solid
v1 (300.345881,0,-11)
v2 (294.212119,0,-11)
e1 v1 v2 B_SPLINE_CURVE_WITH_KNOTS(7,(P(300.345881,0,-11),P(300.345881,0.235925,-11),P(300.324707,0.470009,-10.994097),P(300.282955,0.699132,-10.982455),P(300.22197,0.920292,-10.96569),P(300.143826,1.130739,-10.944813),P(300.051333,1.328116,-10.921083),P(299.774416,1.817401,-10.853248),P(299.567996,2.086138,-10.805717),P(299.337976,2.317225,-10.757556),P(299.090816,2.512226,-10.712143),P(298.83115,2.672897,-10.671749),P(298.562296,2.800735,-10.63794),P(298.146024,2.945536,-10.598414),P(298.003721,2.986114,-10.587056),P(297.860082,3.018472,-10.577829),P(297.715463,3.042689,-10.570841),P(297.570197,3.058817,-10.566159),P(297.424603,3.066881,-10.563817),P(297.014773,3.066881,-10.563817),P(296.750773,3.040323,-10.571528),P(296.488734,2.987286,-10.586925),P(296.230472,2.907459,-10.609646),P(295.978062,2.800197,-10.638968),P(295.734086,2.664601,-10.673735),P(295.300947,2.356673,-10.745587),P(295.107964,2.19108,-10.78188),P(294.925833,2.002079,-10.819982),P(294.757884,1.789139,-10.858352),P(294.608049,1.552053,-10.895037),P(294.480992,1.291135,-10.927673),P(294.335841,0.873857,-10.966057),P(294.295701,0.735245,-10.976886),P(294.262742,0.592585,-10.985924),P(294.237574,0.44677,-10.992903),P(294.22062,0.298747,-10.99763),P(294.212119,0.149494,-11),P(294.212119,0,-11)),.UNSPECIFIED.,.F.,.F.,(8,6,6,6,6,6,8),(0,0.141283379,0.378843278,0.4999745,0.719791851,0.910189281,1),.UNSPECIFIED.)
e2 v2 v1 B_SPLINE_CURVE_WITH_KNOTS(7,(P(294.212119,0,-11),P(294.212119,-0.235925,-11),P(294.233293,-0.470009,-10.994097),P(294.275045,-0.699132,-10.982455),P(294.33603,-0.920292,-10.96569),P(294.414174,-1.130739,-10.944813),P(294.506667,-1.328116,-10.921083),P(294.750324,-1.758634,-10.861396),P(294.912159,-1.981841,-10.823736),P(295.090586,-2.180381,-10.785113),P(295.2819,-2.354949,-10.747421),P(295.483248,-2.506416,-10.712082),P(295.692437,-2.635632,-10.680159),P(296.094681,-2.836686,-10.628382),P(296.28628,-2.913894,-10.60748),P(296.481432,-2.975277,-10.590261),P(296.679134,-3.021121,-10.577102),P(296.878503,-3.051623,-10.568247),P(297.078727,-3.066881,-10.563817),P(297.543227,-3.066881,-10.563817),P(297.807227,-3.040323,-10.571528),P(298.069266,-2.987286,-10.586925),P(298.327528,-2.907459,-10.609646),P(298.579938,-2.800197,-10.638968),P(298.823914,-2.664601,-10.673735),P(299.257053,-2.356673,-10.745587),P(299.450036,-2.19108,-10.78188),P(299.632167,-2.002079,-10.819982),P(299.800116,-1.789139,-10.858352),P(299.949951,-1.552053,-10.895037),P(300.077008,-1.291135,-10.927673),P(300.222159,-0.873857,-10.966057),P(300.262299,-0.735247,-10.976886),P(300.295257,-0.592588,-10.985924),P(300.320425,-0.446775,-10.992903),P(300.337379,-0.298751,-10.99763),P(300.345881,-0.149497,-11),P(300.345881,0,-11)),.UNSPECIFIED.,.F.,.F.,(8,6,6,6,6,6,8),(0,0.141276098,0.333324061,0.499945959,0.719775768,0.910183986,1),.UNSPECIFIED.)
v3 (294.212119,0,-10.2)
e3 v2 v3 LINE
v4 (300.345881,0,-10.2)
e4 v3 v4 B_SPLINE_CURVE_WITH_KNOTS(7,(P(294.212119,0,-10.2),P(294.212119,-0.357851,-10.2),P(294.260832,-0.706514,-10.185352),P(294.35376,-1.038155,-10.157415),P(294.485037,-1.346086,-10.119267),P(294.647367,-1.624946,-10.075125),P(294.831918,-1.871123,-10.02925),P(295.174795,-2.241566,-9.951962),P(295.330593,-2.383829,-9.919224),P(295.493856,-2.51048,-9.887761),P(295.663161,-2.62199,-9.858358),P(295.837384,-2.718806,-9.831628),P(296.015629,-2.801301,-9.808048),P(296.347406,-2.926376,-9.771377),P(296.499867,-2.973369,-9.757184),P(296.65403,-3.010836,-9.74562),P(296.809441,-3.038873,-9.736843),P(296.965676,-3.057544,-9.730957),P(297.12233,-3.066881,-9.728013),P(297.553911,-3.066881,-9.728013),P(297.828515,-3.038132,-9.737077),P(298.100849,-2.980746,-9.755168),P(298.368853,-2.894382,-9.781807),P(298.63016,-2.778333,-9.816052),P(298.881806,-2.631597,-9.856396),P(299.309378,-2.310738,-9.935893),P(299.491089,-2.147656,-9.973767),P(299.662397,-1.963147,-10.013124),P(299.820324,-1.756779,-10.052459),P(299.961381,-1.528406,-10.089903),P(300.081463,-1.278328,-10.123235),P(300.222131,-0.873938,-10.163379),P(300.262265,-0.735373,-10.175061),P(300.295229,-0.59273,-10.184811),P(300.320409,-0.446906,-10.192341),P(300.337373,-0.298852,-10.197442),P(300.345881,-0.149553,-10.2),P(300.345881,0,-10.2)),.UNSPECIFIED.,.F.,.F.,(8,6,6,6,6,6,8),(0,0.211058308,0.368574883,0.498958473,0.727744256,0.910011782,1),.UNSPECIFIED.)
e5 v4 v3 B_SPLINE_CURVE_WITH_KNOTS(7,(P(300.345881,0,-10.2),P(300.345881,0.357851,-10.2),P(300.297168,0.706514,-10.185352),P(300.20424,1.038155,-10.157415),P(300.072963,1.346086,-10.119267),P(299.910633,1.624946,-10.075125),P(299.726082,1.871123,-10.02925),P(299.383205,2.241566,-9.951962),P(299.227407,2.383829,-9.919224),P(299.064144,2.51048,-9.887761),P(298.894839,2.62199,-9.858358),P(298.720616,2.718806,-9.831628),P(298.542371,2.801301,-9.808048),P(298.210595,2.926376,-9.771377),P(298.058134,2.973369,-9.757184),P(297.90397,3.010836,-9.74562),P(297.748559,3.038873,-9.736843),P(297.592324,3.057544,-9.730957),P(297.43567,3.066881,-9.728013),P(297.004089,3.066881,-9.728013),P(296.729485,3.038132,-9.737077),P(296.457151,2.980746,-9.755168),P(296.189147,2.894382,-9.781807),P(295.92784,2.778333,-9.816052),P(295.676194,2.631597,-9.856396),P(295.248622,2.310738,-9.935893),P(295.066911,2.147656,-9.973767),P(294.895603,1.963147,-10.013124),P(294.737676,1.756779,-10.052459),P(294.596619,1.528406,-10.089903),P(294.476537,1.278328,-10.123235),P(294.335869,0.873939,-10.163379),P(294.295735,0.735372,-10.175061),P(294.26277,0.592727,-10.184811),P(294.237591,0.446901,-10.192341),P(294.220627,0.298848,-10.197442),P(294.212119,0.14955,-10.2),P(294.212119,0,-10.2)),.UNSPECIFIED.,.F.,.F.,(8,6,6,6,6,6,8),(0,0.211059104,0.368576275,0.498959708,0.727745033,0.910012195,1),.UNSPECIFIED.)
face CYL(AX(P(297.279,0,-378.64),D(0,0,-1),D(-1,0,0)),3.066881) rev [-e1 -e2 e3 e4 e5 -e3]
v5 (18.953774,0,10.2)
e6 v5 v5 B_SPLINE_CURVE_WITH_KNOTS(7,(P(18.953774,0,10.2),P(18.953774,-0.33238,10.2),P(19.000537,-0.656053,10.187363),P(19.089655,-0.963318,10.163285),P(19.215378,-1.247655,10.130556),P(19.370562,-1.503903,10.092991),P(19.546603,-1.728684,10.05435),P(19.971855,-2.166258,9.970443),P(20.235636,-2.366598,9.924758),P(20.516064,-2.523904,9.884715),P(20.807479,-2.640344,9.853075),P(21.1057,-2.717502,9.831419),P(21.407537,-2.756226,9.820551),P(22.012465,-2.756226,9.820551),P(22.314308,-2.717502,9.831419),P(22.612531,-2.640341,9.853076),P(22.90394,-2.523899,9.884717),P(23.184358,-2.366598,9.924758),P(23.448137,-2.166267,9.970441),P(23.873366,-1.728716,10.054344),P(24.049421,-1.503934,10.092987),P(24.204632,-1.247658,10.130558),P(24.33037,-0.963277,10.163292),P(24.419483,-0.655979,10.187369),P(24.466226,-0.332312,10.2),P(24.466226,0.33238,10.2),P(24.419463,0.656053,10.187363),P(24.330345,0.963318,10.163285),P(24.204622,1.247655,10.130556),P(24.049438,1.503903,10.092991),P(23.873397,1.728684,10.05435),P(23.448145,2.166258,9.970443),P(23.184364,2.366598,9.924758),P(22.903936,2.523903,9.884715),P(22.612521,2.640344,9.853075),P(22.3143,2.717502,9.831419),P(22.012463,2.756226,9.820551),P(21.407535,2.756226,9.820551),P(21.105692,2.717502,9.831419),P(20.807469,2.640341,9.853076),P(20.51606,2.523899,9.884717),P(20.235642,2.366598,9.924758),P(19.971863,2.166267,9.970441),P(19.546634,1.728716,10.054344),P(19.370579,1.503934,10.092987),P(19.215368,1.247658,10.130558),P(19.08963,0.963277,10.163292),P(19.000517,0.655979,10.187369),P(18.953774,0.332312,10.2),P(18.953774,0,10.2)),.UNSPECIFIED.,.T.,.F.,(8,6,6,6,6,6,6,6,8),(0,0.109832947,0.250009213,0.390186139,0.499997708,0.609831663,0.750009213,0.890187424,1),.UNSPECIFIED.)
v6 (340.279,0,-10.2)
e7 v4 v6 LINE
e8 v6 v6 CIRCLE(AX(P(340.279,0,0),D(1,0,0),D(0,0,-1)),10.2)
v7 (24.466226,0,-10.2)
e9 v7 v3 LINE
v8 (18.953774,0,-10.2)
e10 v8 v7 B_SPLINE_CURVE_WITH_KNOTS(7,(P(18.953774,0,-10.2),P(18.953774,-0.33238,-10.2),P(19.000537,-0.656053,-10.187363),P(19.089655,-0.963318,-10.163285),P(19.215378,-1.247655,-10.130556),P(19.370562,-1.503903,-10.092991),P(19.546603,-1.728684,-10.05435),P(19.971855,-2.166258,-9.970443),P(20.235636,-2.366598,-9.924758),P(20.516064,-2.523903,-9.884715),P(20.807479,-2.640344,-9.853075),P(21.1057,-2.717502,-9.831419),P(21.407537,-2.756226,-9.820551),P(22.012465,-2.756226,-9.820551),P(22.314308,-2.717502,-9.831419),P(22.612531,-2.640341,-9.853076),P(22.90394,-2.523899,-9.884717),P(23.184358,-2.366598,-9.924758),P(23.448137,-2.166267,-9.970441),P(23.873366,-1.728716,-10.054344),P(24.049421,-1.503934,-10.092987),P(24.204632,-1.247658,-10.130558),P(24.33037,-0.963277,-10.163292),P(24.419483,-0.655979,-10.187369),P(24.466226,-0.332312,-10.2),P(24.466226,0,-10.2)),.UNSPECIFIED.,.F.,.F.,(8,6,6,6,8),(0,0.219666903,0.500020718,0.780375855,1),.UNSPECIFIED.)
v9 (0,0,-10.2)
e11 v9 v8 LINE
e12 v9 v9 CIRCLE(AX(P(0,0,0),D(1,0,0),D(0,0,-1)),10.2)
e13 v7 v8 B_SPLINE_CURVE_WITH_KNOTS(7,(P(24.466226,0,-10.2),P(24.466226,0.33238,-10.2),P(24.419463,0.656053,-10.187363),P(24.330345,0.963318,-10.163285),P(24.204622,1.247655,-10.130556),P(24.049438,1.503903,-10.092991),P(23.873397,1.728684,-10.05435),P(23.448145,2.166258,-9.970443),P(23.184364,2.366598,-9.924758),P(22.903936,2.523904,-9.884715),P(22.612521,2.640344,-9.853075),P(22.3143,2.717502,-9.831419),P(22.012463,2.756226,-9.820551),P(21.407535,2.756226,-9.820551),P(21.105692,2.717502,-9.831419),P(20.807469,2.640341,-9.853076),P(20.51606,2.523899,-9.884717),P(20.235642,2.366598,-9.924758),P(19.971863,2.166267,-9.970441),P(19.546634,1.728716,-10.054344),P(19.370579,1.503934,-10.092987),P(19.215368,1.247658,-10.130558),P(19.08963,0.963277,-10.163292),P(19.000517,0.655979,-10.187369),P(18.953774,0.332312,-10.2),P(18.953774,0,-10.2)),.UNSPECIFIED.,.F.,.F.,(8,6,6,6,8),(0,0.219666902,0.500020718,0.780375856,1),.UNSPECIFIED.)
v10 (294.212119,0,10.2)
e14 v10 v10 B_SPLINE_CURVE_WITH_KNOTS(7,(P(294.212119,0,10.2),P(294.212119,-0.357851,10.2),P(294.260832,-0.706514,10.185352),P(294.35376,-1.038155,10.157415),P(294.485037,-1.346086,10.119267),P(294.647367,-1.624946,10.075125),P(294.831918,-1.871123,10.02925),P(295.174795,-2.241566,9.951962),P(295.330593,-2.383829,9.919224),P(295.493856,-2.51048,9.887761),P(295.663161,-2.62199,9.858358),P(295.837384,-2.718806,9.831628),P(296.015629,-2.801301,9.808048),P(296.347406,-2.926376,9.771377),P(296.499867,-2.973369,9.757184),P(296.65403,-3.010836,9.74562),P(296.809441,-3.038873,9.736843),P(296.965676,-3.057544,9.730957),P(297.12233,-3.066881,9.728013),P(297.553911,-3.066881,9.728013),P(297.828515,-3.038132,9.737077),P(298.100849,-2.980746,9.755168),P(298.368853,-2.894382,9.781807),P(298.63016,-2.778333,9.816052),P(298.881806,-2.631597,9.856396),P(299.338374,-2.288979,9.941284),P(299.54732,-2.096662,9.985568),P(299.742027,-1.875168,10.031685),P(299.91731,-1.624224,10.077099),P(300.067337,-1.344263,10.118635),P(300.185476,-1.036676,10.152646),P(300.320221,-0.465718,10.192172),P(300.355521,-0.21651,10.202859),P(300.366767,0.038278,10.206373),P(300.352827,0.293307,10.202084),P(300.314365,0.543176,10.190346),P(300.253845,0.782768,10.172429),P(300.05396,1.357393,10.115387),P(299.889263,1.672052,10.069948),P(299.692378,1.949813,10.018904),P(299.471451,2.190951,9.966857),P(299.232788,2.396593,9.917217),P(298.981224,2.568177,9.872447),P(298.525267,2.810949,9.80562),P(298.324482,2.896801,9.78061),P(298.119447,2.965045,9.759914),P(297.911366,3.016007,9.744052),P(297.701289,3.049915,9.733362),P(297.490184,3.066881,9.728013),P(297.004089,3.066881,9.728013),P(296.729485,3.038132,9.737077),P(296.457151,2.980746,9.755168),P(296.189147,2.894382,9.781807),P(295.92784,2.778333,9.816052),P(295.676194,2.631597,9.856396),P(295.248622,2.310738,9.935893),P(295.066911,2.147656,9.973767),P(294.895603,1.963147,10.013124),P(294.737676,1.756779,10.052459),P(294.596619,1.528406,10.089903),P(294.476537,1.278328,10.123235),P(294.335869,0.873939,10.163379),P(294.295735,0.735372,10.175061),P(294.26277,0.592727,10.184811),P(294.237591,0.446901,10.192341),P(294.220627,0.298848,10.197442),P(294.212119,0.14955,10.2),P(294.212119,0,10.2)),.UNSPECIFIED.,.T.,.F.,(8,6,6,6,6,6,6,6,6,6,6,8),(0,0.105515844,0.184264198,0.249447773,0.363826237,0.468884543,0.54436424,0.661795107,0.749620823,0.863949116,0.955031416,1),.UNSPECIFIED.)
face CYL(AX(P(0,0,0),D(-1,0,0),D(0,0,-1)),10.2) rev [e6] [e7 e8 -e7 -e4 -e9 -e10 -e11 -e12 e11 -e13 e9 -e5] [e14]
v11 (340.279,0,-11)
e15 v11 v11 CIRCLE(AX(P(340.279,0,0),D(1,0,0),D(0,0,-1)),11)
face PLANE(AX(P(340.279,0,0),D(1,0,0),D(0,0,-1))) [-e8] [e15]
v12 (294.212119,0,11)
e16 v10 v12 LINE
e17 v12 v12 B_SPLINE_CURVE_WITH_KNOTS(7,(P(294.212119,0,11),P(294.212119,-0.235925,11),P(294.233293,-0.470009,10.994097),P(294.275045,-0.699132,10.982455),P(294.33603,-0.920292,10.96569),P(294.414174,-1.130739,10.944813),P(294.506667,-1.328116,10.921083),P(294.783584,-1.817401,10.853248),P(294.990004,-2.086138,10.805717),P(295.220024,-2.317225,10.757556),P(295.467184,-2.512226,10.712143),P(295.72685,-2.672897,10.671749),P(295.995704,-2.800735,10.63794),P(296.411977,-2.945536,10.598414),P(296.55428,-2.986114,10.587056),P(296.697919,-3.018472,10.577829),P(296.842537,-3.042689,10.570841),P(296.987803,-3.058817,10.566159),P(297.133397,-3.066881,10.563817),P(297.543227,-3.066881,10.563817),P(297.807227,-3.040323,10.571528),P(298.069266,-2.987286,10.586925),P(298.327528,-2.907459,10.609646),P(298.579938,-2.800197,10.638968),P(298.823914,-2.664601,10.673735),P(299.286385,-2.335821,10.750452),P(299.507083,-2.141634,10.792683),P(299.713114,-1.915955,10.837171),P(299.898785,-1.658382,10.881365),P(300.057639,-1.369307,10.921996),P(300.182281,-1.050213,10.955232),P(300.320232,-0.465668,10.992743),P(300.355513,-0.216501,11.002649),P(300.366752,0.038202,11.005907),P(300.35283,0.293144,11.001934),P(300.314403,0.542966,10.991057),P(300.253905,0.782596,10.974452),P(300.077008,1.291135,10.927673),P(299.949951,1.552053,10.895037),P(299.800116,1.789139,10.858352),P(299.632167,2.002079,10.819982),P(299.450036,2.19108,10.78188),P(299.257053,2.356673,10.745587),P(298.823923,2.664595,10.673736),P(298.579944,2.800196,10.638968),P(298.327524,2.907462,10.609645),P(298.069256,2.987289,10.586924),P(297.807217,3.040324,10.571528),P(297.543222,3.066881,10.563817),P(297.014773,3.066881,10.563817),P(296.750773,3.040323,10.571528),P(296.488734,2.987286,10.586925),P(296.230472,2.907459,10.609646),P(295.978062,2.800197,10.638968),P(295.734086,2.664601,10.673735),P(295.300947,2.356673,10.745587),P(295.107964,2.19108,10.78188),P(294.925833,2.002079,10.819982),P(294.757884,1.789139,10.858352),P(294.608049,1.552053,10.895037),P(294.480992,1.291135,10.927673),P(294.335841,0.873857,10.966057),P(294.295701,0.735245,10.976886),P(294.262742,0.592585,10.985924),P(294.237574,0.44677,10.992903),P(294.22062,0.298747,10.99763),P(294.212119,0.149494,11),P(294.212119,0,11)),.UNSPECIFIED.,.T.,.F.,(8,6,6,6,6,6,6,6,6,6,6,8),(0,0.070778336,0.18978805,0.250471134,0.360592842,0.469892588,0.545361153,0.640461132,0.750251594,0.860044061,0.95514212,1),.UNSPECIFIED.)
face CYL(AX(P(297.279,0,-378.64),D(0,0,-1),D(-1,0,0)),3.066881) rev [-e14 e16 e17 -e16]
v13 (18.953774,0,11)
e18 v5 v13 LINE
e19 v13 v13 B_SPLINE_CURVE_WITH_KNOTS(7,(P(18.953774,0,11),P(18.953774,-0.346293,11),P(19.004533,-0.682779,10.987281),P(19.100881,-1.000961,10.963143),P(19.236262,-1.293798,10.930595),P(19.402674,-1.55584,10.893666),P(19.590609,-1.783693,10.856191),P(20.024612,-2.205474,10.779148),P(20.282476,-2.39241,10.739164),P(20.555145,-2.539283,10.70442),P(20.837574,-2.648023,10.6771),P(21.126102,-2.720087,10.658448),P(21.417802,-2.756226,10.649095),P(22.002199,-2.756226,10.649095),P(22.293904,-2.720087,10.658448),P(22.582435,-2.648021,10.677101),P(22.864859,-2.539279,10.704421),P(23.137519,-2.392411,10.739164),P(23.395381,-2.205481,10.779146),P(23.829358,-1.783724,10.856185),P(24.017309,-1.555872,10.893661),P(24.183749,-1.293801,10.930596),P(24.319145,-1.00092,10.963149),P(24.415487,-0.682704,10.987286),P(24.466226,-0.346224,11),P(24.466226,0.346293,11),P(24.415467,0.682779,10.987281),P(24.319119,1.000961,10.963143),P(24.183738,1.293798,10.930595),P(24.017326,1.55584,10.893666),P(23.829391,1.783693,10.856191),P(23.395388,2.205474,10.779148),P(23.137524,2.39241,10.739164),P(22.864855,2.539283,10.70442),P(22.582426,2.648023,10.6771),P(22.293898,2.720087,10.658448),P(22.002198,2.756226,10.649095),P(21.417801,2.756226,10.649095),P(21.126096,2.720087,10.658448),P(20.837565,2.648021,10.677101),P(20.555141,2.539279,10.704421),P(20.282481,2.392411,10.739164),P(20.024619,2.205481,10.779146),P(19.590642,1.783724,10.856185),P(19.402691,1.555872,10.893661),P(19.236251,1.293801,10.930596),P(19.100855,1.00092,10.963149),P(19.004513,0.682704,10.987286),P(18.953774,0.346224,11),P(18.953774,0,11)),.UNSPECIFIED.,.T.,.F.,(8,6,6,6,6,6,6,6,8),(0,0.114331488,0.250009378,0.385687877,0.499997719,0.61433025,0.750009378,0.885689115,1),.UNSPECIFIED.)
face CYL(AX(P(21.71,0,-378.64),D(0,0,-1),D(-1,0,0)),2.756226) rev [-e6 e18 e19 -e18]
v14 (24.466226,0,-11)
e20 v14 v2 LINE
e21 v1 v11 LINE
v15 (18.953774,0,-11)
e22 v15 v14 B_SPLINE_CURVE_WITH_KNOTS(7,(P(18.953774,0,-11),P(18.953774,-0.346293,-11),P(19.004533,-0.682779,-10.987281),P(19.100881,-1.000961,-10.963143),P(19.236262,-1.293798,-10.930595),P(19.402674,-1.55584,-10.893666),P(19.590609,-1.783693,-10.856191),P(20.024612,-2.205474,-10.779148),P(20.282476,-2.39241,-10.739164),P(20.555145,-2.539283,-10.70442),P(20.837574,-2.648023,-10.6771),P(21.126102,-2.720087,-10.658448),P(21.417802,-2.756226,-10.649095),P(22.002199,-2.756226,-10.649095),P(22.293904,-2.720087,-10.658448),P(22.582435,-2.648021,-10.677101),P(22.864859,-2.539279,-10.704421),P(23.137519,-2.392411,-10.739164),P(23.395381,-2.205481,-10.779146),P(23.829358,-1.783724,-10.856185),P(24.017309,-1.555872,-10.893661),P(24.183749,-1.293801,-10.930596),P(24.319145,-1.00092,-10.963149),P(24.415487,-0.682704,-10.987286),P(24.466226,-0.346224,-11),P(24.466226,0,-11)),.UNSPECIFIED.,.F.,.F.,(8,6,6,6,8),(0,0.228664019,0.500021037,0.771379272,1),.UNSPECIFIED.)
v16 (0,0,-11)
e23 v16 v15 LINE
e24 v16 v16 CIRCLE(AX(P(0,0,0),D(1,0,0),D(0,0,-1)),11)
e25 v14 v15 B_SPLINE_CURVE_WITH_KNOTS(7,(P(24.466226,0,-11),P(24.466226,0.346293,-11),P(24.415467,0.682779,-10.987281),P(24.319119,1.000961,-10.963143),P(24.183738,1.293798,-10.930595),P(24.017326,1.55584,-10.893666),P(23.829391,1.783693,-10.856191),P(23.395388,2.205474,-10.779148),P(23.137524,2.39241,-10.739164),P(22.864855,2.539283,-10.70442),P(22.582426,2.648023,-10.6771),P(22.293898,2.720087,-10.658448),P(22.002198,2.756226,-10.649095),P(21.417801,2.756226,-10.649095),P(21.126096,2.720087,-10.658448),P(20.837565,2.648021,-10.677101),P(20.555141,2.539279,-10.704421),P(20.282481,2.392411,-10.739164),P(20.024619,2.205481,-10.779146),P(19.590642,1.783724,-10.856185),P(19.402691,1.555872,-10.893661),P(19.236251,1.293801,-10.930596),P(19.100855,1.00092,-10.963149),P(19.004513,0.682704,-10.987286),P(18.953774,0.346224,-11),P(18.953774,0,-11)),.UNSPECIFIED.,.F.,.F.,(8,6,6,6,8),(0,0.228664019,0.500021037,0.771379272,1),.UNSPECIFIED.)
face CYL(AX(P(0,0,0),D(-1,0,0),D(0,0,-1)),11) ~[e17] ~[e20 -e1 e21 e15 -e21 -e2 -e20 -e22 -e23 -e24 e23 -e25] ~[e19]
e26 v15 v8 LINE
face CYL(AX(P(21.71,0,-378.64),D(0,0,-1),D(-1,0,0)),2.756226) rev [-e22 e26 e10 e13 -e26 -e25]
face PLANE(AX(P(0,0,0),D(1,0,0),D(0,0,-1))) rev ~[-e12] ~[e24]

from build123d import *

# Parameters (mm, degrees)
SKETCH1_R               = 11
SKETCH1_R_2             = 10.2
BOSS_EXTRUDE1_DEPTH     = 340.279
CUT_EXTRUDE1_DEPTH      = 378.64
CUT_EXTRUDE1_DEPTH_BACK = 378.64
SKETCH2_R               = 2.756225819
SKETCH2_R_2             = 3.066881292


with BuildPart() as part:
    # Sketch1 → Boss-Extrude1 (new body)
    with BuildSketch(Plane(origin=(0, 0, 0), x_dir=(0, 0, -1), z_dir=(1, 0, 0))):
        Circle(SKETCH1_R)
        Circle(SKETCH1_R_2, mode=Mode.SUBTRACT)
    extrude(amount=BOSS_EXTRUDE1_DEPTH)

    # Sketch2 → Cut-Extrude1 (cut, two sides: drawn at the far end of the back side and taken through both)
    with BuildSketch(Plane.XY.offset(-CUT_EXTRUDE1_DEPTH_BACK)):
        with Locations((21.71, 0)):
            Circle(SKETCH2_R)
        with Locations((297.279, 0)):
            Circle(SKETCH2_R_2)
    extrude(amount=CUT_EXTRUDE1_DEPTH + CUT_EXTRUDE1_DEPTH_BACK, mode=Mode.SUBTRACT)


solid = part.part
